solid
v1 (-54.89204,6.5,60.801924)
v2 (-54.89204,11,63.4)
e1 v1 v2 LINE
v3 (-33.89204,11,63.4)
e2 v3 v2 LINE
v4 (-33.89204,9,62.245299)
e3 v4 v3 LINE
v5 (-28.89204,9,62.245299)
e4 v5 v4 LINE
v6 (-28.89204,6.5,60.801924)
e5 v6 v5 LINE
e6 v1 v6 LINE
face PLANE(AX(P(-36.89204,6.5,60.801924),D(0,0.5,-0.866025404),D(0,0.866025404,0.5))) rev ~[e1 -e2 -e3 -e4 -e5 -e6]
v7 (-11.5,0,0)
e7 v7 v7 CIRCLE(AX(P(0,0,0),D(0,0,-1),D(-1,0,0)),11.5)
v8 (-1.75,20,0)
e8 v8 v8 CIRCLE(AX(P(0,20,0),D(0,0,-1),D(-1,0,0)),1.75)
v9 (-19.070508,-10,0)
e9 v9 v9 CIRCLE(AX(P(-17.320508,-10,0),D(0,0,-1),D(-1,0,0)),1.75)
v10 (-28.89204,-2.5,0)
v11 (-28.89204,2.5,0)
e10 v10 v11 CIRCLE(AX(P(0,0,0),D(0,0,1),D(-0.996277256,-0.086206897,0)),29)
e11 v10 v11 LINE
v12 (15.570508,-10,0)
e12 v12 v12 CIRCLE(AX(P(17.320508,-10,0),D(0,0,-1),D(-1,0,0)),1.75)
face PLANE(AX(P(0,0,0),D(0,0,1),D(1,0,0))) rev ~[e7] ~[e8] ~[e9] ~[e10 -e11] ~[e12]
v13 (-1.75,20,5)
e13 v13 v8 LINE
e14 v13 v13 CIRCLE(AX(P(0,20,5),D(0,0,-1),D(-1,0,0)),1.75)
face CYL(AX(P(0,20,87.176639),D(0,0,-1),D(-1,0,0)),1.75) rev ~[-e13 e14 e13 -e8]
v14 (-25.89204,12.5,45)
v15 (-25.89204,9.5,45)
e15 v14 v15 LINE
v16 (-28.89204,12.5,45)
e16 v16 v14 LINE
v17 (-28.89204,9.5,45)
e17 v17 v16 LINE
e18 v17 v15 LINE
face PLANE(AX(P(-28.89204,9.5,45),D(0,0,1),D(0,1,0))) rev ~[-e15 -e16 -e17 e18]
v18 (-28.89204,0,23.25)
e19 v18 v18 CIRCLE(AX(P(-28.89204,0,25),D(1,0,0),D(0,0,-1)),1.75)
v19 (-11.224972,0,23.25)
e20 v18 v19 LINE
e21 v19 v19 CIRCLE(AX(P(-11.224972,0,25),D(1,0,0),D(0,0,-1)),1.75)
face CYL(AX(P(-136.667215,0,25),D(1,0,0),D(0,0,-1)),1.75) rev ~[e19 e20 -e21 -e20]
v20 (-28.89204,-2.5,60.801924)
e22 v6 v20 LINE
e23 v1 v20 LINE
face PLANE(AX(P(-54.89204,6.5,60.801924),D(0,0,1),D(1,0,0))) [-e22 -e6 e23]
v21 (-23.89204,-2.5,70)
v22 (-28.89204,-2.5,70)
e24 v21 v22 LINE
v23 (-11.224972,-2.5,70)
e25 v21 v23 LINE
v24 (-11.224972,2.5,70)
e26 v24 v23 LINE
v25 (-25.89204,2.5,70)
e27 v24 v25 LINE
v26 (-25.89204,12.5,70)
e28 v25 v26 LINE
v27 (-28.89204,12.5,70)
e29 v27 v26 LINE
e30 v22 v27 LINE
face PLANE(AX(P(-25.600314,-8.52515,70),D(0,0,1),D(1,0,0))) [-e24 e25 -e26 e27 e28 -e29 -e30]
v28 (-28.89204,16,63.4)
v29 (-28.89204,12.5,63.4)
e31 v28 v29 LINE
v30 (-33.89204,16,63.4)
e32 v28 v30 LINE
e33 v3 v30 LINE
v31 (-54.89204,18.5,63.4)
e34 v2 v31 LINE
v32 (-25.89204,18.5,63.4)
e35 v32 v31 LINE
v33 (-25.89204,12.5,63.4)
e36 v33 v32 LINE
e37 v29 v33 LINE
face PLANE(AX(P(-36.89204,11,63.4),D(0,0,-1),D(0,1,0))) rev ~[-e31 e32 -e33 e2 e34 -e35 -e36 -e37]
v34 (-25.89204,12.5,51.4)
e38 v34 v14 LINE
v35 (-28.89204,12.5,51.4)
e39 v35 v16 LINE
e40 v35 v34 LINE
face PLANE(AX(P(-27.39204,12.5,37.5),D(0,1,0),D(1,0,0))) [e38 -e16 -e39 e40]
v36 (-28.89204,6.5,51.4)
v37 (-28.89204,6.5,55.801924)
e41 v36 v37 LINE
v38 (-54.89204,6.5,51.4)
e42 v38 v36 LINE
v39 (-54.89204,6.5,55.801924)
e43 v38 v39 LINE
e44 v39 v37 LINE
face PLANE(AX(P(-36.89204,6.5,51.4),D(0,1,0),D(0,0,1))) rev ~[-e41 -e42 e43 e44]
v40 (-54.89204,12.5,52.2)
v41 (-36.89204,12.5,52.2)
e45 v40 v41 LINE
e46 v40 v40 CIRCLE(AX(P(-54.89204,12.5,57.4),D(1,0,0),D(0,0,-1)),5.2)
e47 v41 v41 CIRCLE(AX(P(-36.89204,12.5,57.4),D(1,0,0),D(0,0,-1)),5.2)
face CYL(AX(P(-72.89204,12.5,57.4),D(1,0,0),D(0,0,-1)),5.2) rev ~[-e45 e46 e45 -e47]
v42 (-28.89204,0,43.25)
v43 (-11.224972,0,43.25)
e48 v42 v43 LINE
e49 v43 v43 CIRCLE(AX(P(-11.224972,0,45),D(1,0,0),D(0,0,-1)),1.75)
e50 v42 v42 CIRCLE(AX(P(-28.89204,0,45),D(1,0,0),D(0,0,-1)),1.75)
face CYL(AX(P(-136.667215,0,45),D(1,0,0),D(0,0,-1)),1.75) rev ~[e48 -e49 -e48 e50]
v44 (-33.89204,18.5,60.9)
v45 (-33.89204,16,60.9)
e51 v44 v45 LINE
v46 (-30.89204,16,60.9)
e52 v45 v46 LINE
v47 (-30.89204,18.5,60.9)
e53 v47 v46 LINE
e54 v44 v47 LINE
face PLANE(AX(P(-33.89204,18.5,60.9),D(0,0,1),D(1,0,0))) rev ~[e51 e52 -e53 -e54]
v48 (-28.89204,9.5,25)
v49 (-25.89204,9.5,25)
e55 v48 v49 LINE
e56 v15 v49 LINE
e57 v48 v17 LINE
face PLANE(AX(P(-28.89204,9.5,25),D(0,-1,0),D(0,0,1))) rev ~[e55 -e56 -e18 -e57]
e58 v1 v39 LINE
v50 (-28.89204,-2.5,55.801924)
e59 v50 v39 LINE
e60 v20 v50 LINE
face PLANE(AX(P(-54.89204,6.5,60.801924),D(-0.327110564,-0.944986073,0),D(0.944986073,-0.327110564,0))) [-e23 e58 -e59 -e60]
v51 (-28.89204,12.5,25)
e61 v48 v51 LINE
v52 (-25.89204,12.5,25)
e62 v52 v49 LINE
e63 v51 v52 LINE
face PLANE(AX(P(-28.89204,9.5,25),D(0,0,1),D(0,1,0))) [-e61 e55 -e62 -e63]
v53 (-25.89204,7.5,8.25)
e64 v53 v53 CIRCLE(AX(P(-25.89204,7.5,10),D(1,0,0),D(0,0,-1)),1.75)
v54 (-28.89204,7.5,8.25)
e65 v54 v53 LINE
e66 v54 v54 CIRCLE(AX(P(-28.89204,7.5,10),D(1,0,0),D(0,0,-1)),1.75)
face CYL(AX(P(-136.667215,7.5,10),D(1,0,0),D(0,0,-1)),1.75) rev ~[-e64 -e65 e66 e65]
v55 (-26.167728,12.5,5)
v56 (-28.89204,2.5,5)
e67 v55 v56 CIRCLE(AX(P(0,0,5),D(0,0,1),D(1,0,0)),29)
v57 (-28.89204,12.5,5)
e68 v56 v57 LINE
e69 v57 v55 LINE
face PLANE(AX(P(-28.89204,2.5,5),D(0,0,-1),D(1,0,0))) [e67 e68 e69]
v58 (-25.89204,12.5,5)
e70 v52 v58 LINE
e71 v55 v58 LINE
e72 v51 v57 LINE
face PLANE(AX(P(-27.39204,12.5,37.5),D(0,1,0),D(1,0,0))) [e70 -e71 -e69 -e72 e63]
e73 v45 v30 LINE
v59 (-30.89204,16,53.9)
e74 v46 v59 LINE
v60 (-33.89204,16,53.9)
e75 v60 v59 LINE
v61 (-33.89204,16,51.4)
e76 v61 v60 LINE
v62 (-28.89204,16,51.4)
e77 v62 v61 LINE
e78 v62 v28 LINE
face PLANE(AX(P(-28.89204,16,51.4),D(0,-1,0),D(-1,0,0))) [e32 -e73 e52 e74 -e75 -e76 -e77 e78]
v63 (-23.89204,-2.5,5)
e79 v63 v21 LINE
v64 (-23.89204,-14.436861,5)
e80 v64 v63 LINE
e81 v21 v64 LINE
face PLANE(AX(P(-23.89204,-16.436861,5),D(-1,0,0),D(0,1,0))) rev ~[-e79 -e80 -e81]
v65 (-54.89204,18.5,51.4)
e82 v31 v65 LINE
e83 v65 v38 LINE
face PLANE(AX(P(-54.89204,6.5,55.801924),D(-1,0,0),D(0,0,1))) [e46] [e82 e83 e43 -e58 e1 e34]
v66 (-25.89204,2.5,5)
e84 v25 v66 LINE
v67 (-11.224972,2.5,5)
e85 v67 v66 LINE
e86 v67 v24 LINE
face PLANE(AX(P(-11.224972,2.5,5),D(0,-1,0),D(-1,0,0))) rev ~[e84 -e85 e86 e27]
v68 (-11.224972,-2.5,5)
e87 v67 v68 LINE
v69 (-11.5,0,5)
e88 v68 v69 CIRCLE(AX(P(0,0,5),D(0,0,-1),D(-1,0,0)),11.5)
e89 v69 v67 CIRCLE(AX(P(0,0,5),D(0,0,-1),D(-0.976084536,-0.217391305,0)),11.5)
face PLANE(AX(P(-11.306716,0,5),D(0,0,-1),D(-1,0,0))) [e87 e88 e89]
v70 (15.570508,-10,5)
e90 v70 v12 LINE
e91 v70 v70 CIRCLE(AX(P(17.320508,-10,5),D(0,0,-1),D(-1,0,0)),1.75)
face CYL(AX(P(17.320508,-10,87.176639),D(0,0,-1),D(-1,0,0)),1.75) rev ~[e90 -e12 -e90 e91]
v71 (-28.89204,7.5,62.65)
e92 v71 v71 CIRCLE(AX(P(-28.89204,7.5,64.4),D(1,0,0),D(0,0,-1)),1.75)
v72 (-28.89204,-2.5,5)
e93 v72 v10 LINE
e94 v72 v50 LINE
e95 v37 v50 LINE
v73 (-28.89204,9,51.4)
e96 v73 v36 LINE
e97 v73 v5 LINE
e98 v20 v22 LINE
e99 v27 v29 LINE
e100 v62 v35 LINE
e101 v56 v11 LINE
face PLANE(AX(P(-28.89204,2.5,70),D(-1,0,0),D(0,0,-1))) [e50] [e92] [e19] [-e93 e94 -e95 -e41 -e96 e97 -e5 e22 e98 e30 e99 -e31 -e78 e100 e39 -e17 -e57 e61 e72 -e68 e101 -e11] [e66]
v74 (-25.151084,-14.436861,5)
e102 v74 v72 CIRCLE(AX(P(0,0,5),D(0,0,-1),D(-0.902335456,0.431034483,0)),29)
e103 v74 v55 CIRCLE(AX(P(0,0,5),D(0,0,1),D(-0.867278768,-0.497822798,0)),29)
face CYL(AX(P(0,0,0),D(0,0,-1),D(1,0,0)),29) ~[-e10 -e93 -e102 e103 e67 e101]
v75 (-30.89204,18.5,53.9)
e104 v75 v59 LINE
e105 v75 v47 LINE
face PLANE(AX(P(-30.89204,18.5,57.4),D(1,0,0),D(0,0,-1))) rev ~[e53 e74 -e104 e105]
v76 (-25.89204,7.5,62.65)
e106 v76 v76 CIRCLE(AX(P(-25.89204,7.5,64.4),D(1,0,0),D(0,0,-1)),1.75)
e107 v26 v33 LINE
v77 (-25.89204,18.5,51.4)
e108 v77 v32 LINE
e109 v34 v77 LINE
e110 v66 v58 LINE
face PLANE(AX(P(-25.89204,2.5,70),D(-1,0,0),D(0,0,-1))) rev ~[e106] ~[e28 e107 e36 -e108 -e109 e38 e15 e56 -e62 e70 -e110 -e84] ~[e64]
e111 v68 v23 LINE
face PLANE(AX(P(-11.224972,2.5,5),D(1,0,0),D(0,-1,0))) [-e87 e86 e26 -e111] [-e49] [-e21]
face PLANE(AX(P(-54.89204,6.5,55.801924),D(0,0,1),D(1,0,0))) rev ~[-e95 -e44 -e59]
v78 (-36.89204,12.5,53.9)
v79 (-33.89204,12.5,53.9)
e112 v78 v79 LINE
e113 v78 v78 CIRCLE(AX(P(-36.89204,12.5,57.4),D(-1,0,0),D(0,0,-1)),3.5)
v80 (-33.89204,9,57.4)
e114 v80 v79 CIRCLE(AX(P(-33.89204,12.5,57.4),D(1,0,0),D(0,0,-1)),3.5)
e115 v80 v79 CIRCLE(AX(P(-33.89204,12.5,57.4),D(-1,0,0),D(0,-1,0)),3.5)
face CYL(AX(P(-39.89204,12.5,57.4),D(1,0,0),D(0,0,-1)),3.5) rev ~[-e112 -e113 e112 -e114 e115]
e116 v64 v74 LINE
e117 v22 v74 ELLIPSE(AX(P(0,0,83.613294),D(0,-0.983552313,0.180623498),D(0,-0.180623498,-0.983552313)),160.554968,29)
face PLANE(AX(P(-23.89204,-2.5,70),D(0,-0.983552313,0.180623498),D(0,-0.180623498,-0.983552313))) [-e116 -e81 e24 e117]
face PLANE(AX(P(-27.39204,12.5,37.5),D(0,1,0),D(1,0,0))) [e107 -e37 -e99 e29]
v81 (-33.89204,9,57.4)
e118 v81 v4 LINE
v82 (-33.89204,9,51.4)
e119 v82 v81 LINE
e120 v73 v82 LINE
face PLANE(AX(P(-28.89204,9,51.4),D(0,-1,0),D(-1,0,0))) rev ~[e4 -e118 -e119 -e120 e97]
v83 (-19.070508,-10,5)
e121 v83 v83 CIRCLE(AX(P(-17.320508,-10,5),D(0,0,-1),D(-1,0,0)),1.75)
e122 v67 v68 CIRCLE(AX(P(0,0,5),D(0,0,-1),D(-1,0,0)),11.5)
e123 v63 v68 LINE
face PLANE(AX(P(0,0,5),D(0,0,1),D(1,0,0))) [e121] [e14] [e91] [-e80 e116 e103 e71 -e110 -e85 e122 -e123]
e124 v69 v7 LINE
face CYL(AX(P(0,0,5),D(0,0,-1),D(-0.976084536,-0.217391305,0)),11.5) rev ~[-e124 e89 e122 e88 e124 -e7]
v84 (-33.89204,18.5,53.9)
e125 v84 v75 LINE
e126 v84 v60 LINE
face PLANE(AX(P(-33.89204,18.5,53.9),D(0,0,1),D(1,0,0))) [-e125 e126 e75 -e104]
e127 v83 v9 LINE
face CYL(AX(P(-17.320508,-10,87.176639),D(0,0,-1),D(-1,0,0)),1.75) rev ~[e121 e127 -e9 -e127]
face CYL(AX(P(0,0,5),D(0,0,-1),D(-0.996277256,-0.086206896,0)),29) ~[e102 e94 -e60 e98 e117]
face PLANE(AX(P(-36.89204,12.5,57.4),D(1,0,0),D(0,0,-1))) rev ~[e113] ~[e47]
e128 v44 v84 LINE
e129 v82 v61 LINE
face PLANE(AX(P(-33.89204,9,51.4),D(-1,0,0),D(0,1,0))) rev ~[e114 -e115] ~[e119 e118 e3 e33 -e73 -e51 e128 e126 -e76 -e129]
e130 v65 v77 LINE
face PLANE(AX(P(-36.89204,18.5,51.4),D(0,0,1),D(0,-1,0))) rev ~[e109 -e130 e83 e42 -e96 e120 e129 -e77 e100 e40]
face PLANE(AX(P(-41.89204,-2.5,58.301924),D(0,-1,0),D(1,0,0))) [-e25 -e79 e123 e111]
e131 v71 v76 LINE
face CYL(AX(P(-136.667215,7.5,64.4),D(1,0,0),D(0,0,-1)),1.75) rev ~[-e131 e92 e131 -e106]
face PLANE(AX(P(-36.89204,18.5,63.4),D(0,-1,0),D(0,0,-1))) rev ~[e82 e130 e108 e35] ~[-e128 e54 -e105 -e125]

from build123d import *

# Parameters (mm, degrees)
SKETCH_1_R               = 29
EXTRUDE_1_DEPTH          = 5
HOLE_WIZARD_1_D          = 3.5
HOLE_WIZARD_2_D          = 23
EXTRUDE_3_DEPTH          = 65
SKETCH_9_W               = 1
SKETCH_9_H               = 5
CUT_EXTRUDE_1_DEPTH      = 10
SKETCH_10_W              = 3
SKETCH_10_H              = 65
EXTRUDE_5_DEPTH          = 10
HOLE_WIZARD_3_D          = 3.5
CUT_EXTRUDE_2_REACH      = 97.355
SKETCH_16_W              = 20
SKETCH_16_H              = 3
EXTRUDE_START            = -65
EXTRUDE_6_DEPTH          = 65
HOLE_WIZARD_4_D          = 3.5
SKETCH_22_W              = 12
SKETCH_22_H              = 6
EXTRUDE_7_DEPTH          = 3
EXTRUDE_8_DEPTH          = 8
HOLE_WIZARD_5_D          = 7
HOLE_WIZARD_5_DEPTH      = 3
SKETCH_27_W              = 5
SKETCH_27_H              = 3.5
CUT_EXTRUDE_3_DEPTH      = 70.598725899
CUT_EXTRUDE_4_REACH      = 94.289
SKETCH_28_W              = 3
SKETCH_28_H              = 3.5
SKETCH_29_R              = 3.5
EXTRUDE_9_DEPTH          = 18
HOLE_WIZARD_6_D          = 10.4
HOLE_WIZARD_6_DEPTH      = 18
SKETCH_32_W              = 26
SKETCH_32_H              = 5
EXTRUDE_10_DEPTH         = 9
CUT_EXTRUDE_5_REACH      = 88.897
EXTRUDE_11_DEPTH         = 65
CUT_EXTRUDE_6_REACH      = 94.404
CUT_EXTRUDE_6_END_RADIUS = 29


with BuildPart() as part:
    # 草图1 → 凸台-拉伸1 (new body)
    with BuildSketch(Plane.XY):
        Circle(SKETCH_1_R)
    extrude(amount=EXTRUDE_1_DEPTH)

    # 孔1 (through all)
    with Locations(Plane.XY.offset(5)):
        with Locations((0, 20), (-17.320508076, -10), (17.320508076, -10)):
            Hole(HOLE_WIZARD_1_D / 2)

    # 孔2 (through all)
    with Locations(Plane.XY.offset(5)):
        with Locations((0, 0)):
            Hole(HOLE_WIZARD_2_D / 2)

    # 草图7 → 凸台-拉伸3 (add)
    with BuildSketch(Plane.XY.offset(5)):
        with BuildLine():
            Line((-28.892040426, 2.5), (-28.892040426, -2.5))
            Line((-28.892040426, -2.5), (-11.22497216, -2.5))
            ThreePointArc((-11.22497216, -2.5), (-11.5, 0), (-11.22497216, 2.5))
            Line((-11.22497216, 2.5), (-28.892040426, 2.5))
        make_face()
    extrude(amount=EXTRUDE_3_DEPTH)

    # 草图9 → 切除-拉伸1 (cut)
    with BuildSketch(Plane.XY.offset(5)):
        with Locations((-29.392040426, 0)):
            Rectangle(SKETCH_9_W, SKETCH_9_H)
    extrude(amount=-CUT_EXTRUDE_1_DEPTH, mode=Mode.SUBTRACT)

    # 草图10 → 凸台-拉伸5 (add)
    with BuildSketch(Plane(origin=(0, 2.5, 0), x_dir=(1, 0, 0), z_dir=(0, 1, 0))):
        with Locations((-27.392040426, -37.5)):
            Rectangle(SKETCH_10_W, SKETCH_10_H)
    extrude(amount=EXTRUDE_5_DEPTH)

    # 孔3 (through all)
    with Locations(Plane.ZY.offset(28.892040426)):
        with Locations((10, 7.5), (64.4, 7.5)):
            Hole(HOLE_WIZARD_3_D / 2)

    # 草图16 → 切除-拉伸2 (cut, up to next)
    with BuildSketch(Plane.ZY.offset(28.892040426), mode=Mode.PRIVATE) as cut_extrude_2_sk1:
        with Locations((35, 11)):
            Rectangle(SKETCH_16_W, SKETCH_16_H)
    cut_extrude_2_tool1 = extrude(cut_extrude_2_sk1.sketch, amount=-CUT_EXTRUDE_2_REACH, mode=Mode.PRIVATE) & part.part
    add(cut_extrude_2_tool1.solids().sort_by_distance((-28.89204, 11, 35))[0], mode=Mode.SUBTRACT)

    # 草图20 → 凸台-拉伸6 (add)
    with BuildSketch(Plane.XY.offset(70).offset(EXTRUDE_START)):
        with BuildLine():
            Line((-11.22497216, 2.5), (-11.22497216, -2.5))
            ThreePointArc((-11.22497216, -2.5), (-11.5, 0), (-11.22497216, 2.5))
        make_face()
    extrude(amount=EXTRUDE_6_DEPTH)

    # 孔4 (through all)
    with Locations(Plane.ZY.offset(28.892040426)):
        with Locations((25, 0), (45, 0)):
            Hole(HOLE_WIZARD_4_D / 2)

    # 草图22 → 凸台-拉伸7 (add)
    with BuildSketch(Plane.ZY.offset(28.892040426)):
        with Locations((57.4, 15.5)):
            Rectangle(SKETCH_22_W, SKETCH_22_H)
    extrude(amount=-EXTRUDE_7_DEPTH)

    # 草图23 → 凸台-拉伸8 (add)
    with BuildSketch(Plane.ZY.offset(28.892040426)):
        Polygon((51.4, 6.5), (60.801923789, 6.5), (63.4, 11), (63.4, 12.5), (63.4, 18.5), (51.4, 18.5), (51.4, 12.5), align=None)
    extrude(amount=EXTRUDE_8_DEPTH)

    # 孔5
    with Locations(Plane.ZY.offset(36.892040426)):
        with Locations((57.4, 12.5)):
            Hole(HOLE_WIZARD_5_D / 2, depth=HOLE_WIZARD_5_DEPTH)

    # 草图27 → 切除-拉伸3 (cut, through all)
    with BuildSketch(Plane(origin=(0, 0, 51.4), x_dir=(-1, 0, 0), z_dir=(0, 0, -1))):
        with Locations((31.392040426, 14.25)):
            Rectangle(SKETCH_27_W, SKETCH_27_H)
        with Locations((31.392040426, 10.75)):
            Rectangle(SKETCH_27_W, SKETCH_27_H)
    extrude(amount=-CUT_EXTRUDE_3_DEPTH, mode=Mode.SUBTRACT)

    # 草图28 → 切除-拉伸4 (cut, up to next)
    with BuildSketch(Plane(origin=(0, 18.5, 0), x_dir=(1, 0, 0), z_dir=(0, 1, 0)), mode=Mode.PRIVATE) as cut_extrude_4_sk1:
        with Locations((-32.392040426, -59.15)):
            Rectangle(SKETCH_28_W, SKETCH_28_H)
    cut_extrude_4_tool1 = extrude(cut_extrude_4_sk1.sketch, amount=-CUT_EXTRUDE_4_REACH, mode=Mode.PRIVATE) & part.part
    # 草图28 → 切除-拉伸4 (cut, up to next)
    with BuildSketch(Plane(origin=(0, 18.5, 0), x_dir=(1, 0, 0), z_dir=(0, 1, 0)), mode=Mode.PRIVATE) as cut_extrude_4_sk2:
        with Locations((-32.392040426, -55.65)):
            Rectangle(SKETCH_28_W, SKETCH_28_H)
    cut_extrude_4_tool2 = extrude(cut_extrude_4_sk2.sketch, amount=-CUT_EXTRUDE_4_REACH, mode=Mode.PRIVATE) & part.part
    add(cut_extrude_4_tool1.solids().sort_by_distance((-32.39204, 18.5, 59.15))[0], mode=Mode.SUBTRACT)
    add(cut_extrude_4_tool2.solids().sort_by_distance((-32.39204, 18.5, 55.65))[0], mode=Mode.SUBTRACT)

    # 草图29 → 凸台-拉伸9 (add)
    # profile 1 of 2: a face of its own
    with BuildSketch(Plane.ZY.offset(36.892040426)):
        Polygon((60.801923789, 6.5), (63.4, 11), (63.4, 18.5), (51.4, 18.5), (51.4, 6.5), align=None)
        with Locations((57.4, 12.5)):
            Circle(SKETCH_29_R, mode=Mode.SUBTRACT)
    # profile 2 of 2: a face of its own
    with BuildSketch(Plane.ZY.offset(36.892040426)):
        with Locations((57.4, 12.5)):
            Circle(SKETCH_29_R)
    extrude(amount=EXTRUDE_9_DEPTH)

    # 孔6
    with Locations(Plane.ZY.offset(54.892040426)):
        with Locations((57.4, 12.5)):
            Hole(HOLE_WIZARD_6_D / 2, depth=HOLE_WIZARD_6_DEPTH)

    # 草图32 → 凸台-拉伸10 (add)
    with BuildSketch(Plane.XZ.offset(-6.5)):
        with Locations((-41.892040426, 58.301923789)):
            Rectangle(SKETCH_32_W, SKETCH_32_H)
    extrude(amount=EXTRUDE_10_DEPTH)

    # 草图33 → 切除-拉伸5 (cut, up to next)
    with BuildSketch(Plane.XY.offset(60.801923789), mode=Mode.PRIVATE) as cut_extrude_5_sk1:
        Polygon((-54.892040426, 6.5), (-28.892040426, -2.5), (-54.892040426, -2.5), align=None)
    cut_extrude_5_tool1 = extrude(cut_extrude_5_sk1.sketch, amount=-CUT_EXTRUDE_5_REACH, mode=Mode.PRIVATE) & part.part
    add(cut_extrude_5_tool1.solids().sort_by_distance((-46.225374, 0.5, 60.801924))[0], mode=Mode.SUBTRACT)

    # 草图34 → 凸台-拉伸11 (add)
    with BuildSketch(Plane.XY.offset(5)):
        with BuildLine():
            Line((-23.892040426, -16.436861144), (-23.892040426, -2.5))
            Line((-23.892040426, -2.5), (-28.892040426, -2.5))
            ThreePointArc((-28.892040426, -2.5), (-27.296498356, -9.792914658), (-23.892040426, -16.436861144))
        make_face()
    extrude(amount=EXTRUDE_11_DEPTH)

    # 切除-拉伸6: up to this cylinder (the profile starts inside it)
    cut_extrude_6_end = Plane(origin=(0, 0, 45.61427), z_dir=(0, 0, -1)) * Cylinder(CUT_EXTRUDE_6_END_RADIUS, 247.808, mode=Mode.PRIVATE)
    # 草图35 → 切除-拉伸6 (cut, up to the surface)
    with BuildSketch(Plane(origin=(-23.892040426, 0, 0), x_dir=(0, 0, -1), z_dir=(1, 0, 0)), mode=Mode.PRIVATE) as cut_extrude_6_sk1:
        Polygon((-70, -2.5), (-5, -14.436861144), (-5, -16.436861144), (-70, -16.436861144), align=None)
    cut_extrude_6_tool1 = extrude(cut_extrude_6_sk1.sketch, amount=-CUT_EXTRUDE_6_REACH, mode=Mode.PRIVATE) & cut_extrude_6_end
    add(cut_extrude_6_tool1.solids().sort_by_distance((-23.89204, -11.707577, 45.61427))[0], mode=Mode.SUBTRACT)


solid = part.part
